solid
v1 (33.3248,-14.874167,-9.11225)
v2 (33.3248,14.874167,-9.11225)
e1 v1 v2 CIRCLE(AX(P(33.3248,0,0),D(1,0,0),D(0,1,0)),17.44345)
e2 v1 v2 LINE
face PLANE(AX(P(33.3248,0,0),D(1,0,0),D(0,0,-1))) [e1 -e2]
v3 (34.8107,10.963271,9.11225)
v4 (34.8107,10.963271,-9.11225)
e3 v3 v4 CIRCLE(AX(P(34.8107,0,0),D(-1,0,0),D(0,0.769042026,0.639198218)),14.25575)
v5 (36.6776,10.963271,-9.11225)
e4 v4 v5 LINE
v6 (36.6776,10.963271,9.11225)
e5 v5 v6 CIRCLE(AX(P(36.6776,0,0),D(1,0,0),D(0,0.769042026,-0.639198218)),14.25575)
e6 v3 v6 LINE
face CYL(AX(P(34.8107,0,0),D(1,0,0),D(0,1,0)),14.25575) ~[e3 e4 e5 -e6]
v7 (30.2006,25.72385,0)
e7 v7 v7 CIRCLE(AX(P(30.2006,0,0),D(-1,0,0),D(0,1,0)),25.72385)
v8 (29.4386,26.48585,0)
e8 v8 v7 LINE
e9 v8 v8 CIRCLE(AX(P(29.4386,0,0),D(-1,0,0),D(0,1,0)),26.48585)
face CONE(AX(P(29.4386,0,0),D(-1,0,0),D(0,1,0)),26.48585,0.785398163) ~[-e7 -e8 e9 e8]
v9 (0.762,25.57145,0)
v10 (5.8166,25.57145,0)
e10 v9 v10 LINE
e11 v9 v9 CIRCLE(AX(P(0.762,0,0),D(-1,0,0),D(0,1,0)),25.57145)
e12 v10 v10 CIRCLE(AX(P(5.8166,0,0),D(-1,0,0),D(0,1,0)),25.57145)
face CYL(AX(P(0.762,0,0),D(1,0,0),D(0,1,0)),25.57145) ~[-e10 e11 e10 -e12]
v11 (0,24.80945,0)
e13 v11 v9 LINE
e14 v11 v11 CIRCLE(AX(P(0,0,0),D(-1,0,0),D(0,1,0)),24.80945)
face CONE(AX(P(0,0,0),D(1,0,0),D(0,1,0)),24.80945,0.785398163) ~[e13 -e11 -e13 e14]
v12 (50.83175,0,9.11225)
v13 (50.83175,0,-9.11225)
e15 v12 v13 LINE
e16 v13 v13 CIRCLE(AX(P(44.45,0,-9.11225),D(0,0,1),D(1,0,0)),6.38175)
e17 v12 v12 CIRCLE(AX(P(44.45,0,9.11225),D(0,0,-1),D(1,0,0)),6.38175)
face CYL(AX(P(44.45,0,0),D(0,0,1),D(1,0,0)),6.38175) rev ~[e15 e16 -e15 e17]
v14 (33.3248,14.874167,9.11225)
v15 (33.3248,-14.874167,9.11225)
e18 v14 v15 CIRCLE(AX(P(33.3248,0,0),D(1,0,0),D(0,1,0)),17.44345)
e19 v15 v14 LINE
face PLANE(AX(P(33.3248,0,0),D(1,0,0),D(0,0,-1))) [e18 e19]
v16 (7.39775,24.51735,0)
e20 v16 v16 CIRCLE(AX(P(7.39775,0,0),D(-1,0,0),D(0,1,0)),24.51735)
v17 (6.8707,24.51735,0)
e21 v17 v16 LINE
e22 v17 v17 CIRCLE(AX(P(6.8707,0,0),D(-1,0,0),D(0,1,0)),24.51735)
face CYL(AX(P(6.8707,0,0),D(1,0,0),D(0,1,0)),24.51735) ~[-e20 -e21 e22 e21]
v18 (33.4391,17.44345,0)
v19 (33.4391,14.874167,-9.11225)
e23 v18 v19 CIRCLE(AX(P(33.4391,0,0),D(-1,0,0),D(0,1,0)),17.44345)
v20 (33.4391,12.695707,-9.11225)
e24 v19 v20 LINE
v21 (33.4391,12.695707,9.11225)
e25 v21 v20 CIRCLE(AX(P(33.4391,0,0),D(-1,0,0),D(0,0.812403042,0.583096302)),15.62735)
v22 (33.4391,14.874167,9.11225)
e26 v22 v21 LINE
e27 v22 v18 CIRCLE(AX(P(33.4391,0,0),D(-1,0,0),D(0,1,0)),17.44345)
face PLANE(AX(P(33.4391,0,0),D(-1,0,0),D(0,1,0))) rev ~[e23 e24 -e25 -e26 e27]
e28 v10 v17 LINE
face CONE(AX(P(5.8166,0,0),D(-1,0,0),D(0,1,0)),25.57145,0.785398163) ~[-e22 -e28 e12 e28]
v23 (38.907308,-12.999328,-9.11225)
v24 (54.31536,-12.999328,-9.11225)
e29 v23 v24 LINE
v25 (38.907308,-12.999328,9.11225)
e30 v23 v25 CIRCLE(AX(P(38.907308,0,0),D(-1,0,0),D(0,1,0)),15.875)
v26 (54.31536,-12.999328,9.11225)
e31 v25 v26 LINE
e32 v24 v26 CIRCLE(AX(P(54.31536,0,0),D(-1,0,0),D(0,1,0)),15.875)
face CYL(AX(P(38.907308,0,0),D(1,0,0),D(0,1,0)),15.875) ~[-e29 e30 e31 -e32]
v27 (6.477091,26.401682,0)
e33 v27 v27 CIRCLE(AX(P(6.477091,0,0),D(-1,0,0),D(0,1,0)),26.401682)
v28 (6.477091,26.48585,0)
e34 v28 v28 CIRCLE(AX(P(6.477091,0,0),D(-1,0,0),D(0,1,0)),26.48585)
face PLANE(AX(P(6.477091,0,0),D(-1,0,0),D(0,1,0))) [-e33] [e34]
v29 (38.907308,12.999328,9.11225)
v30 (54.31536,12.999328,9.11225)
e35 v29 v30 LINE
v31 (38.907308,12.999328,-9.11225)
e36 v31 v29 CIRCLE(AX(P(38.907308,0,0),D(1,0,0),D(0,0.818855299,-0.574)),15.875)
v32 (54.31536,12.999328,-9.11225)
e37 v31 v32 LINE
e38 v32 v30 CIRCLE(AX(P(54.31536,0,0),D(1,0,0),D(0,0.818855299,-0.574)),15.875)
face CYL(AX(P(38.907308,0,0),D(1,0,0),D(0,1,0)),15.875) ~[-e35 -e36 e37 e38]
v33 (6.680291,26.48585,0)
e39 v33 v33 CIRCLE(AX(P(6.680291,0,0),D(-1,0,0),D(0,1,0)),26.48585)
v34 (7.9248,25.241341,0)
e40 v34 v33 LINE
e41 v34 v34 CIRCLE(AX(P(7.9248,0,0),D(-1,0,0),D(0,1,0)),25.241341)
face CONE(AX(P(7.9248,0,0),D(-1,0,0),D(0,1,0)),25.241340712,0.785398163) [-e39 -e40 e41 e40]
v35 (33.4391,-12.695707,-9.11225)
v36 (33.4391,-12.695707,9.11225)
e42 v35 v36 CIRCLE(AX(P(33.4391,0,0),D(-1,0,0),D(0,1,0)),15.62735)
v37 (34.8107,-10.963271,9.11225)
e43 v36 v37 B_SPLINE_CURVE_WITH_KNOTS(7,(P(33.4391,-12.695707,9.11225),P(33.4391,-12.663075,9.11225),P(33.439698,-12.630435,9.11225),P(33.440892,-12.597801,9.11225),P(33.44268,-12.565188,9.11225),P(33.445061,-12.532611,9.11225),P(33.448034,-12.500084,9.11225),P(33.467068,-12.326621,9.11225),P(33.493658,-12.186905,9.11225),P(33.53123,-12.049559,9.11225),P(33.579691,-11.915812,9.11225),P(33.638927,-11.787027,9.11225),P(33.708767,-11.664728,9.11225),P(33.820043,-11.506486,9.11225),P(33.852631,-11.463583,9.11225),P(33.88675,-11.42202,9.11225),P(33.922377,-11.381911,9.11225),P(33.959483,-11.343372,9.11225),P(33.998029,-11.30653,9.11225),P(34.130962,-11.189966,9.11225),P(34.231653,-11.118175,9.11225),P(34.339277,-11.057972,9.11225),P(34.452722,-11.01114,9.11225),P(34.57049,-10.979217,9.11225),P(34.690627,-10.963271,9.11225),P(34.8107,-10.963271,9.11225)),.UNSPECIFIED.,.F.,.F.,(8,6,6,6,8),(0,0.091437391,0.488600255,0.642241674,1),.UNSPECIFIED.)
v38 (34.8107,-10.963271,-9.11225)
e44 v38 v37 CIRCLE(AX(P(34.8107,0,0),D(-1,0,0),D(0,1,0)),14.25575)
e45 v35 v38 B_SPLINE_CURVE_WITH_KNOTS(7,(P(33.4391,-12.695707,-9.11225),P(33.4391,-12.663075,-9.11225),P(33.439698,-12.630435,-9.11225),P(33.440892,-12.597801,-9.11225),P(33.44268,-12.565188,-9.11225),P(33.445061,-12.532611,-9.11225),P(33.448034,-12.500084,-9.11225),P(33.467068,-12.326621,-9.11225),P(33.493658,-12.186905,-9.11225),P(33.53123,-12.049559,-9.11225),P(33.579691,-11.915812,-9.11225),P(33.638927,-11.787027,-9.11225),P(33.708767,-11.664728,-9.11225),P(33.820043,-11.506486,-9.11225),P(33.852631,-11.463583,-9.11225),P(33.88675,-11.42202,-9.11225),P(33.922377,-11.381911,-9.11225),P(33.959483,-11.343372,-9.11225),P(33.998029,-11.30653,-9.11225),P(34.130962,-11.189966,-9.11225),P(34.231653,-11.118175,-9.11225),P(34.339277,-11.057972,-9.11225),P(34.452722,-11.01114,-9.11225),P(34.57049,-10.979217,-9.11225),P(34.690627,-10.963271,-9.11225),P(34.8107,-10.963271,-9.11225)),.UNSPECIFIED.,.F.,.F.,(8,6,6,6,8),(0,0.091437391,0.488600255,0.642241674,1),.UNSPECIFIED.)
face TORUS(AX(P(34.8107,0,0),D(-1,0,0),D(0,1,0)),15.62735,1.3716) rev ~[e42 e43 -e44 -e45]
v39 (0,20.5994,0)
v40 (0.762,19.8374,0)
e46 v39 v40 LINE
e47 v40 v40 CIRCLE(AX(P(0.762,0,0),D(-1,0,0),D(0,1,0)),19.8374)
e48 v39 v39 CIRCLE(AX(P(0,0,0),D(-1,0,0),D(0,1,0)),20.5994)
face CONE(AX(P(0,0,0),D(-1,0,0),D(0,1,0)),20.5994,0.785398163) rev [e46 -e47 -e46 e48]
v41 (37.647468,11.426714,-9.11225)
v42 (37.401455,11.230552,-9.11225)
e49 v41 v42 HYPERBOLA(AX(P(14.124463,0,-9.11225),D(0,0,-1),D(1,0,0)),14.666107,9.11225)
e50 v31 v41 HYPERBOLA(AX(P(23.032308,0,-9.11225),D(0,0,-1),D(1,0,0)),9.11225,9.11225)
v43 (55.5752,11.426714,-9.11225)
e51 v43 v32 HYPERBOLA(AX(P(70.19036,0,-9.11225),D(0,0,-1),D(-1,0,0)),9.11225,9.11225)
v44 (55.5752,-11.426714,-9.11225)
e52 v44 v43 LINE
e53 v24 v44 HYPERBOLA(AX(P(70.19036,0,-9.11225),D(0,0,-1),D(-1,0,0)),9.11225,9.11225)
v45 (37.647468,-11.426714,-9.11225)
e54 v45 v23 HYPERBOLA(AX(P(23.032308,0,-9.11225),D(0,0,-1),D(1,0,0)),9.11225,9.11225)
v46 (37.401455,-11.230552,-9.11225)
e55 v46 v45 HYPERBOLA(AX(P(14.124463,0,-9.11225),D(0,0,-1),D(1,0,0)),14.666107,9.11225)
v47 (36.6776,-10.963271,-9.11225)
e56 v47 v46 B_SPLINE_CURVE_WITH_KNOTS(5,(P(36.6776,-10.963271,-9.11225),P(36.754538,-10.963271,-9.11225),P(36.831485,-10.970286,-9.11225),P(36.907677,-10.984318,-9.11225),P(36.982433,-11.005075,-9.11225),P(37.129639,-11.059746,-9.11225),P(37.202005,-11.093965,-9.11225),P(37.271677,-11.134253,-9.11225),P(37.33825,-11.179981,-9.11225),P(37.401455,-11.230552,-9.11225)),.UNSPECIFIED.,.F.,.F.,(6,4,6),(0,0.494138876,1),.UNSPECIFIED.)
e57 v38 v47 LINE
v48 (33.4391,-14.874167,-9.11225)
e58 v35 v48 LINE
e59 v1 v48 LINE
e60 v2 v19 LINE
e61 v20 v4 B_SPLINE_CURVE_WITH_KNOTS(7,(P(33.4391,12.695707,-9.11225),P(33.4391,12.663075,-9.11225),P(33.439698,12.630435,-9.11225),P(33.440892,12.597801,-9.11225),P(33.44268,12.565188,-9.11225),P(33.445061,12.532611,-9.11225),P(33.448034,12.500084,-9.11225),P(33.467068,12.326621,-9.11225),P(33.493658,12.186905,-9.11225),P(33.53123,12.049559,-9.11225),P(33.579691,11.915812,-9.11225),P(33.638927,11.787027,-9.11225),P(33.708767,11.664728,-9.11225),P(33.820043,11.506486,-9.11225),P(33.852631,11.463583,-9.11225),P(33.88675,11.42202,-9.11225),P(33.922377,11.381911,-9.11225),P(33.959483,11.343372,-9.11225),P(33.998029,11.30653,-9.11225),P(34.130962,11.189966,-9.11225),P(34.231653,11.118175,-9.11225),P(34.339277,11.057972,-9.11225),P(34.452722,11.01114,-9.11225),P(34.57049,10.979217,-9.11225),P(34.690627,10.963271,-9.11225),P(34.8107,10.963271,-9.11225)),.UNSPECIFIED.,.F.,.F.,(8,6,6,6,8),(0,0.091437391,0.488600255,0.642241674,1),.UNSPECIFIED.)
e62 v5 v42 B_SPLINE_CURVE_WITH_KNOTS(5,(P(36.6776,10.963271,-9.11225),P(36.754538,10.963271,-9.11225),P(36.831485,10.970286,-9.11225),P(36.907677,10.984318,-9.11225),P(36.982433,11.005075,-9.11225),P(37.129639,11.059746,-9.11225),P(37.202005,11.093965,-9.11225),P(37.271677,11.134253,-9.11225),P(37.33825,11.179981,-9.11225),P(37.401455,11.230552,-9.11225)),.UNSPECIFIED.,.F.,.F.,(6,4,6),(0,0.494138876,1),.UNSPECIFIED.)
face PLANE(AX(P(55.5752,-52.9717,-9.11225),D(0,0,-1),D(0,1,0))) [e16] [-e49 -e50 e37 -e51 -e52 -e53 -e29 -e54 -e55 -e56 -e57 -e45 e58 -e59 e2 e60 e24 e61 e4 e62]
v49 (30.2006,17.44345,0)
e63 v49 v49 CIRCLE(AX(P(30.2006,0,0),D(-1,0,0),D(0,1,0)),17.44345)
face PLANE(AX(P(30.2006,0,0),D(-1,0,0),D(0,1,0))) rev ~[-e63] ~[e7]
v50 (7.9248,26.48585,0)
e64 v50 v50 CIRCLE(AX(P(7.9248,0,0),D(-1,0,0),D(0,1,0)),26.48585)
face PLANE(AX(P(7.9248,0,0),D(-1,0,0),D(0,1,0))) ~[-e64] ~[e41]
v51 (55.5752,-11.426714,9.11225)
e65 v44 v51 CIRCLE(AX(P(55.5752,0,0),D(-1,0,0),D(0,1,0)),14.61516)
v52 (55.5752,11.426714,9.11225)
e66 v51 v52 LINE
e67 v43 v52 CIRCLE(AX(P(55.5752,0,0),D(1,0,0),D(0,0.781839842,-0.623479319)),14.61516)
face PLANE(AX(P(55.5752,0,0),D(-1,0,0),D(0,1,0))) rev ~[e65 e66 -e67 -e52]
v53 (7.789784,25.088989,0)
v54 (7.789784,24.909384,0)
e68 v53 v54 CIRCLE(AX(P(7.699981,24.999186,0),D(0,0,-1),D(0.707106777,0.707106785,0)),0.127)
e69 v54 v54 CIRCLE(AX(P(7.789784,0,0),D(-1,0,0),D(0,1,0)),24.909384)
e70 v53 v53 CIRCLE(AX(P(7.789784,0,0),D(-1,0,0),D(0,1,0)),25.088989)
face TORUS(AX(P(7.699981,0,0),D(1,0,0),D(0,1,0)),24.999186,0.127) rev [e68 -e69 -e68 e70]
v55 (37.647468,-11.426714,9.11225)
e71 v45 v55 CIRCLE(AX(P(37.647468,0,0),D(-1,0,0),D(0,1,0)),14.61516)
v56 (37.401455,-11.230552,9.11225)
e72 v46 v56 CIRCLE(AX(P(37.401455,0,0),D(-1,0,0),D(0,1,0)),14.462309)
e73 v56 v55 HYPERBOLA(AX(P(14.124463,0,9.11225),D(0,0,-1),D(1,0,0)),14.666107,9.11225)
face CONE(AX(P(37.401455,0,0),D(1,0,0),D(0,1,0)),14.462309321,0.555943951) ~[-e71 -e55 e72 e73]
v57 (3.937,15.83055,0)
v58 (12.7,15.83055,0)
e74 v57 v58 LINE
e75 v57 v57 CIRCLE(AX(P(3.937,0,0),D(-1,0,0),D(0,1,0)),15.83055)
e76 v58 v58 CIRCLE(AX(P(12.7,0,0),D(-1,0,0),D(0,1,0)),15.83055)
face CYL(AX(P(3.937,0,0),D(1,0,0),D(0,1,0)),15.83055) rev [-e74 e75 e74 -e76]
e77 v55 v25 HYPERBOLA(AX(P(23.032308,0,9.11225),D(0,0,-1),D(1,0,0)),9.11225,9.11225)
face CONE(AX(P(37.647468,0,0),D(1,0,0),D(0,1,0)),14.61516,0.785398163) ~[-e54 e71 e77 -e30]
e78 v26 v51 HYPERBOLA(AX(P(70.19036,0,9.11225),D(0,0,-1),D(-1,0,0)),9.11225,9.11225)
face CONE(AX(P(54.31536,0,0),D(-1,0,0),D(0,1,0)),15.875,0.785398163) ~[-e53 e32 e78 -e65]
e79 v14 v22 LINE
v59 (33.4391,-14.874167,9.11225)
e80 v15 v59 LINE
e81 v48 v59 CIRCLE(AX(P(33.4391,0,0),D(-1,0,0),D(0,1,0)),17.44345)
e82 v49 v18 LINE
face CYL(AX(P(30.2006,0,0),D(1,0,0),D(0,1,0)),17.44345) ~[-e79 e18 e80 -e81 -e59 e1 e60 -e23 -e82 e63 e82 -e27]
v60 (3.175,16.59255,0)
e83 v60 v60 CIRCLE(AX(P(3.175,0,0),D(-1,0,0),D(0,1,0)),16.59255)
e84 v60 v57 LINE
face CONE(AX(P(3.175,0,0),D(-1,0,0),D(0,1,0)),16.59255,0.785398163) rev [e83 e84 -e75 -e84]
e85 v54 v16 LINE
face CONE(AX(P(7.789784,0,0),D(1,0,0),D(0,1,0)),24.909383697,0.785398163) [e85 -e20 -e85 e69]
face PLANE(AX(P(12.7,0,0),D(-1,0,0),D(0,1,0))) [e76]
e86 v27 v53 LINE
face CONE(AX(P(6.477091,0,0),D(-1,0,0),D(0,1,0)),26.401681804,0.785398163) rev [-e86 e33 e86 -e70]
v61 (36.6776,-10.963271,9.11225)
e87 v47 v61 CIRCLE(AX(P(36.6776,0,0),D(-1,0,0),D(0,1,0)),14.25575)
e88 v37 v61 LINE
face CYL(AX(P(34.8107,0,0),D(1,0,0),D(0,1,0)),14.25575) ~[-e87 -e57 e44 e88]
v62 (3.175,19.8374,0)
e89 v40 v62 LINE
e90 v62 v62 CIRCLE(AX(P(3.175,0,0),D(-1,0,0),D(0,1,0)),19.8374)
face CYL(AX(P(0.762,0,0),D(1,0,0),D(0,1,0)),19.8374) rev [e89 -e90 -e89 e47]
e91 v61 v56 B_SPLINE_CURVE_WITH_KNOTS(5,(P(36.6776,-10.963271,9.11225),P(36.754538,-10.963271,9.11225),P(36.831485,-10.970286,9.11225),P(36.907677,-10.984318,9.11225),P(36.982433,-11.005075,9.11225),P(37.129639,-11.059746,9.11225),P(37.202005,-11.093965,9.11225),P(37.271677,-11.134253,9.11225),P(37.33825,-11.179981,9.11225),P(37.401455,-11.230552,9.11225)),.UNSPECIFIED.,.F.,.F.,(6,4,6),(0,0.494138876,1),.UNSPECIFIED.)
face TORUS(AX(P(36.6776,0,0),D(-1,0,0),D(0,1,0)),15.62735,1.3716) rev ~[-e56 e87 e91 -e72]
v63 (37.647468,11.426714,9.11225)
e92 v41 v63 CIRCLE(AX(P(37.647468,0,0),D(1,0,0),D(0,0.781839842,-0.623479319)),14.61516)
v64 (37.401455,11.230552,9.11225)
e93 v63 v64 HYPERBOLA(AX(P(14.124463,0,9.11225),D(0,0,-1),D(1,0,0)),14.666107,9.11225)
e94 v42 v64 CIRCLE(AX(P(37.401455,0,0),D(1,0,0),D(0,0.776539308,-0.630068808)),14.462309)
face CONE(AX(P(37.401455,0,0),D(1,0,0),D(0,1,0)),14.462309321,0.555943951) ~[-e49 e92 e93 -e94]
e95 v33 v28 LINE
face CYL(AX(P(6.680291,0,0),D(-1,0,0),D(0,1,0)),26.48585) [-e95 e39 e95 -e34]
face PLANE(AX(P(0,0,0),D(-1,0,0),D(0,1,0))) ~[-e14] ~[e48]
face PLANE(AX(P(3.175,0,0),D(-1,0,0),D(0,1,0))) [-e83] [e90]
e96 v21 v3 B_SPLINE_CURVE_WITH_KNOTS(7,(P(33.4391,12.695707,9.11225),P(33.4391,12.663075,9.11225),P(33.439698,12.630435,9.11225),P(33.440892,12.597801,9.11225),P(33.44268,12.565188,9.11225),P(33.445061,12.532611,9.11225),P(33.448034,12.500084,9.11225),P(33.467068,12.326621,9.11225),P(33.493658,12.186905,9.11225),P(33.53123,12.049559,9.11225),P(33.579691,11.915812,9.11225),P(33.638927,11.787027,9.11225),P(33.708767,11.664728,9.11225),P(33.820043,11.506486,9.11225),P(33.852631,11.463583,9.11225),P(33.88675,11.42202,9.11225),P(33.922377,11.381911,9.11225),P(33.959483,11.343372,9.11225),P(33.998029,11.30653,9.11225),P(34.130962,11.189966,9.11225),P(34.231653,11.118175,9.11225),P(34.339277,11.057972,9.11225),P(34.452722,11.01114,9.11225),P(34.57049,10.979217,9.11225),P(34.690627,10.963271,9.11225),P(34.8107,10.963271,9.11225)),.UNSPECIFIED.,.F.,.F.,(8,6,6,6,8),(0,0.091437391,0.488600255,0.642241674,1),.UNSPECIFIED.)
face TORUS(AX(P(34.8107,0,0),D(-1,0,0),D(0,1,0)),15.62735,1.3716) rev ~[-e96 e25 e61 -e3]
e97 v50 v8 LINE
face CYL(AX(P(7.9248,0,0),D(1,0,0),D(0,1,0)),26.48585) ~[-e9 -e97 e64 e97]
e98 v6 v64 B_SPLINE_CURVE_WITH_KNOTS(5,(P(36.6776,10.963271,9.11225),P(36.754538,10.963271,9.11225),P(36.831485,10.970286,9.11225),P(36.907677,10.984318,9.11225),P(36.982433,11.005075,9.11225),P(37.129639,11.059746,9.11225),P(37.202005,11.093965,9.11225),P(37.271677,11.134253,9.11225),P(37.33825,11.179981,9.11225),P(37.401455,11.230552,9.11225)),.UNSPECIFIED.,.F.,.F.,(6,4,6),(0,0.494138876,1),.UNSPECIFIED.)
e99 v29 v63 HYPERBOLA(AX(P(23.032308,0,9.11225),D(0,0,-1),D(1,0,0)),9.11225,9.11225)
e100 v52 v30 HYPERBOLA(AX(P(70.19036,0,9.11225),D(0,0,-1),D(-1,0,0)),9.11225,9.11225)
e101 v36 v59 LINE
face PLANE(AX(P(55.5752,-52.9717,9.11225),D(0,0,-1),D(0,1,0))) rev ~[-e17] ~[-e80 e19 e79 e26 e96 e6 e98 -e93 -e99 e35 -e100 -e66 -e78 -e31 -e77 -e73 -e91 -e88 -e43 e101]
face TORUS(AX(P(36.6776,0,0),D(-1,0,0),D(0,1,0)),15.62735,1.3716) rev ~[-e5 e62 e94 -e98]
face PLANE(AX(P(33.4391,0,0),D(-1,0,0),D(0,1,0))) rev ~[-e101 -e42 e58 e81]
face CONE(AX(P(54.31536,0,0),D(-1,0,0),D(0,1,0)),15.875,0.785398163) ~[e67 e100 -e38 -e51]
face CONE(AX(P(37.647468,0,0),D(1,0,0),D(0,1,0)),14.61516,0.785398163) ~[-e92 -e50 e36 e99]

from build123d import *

# Parameters (mm, degrees)
SKETCH3_W               = 105.9434
SKETCH3_H               = 211.8868
SKETCH3_W_2             = 18.2245
SKETCH3_H_2             = 105.9434
CUT_EXTRUDE1_DEPTH      = 22.2504
CUT_EXTRUDE2_DEPTH      = 13.668375
CUT_EXTRUDE2_DEPTH_BACK = 13.668375
SKETCH5_R               = 6.38175


with BuildPart() as part:
    # Sketch1 → Revolve1 (revolve)
    with BuildSketch(Plane.XY):
        Polygon((0, 0), (0, 24.80945), (0.762, 25.57145), (5.8166, 25.57145), (6.8707, 24.51735), (7.9248, 24.51735), (7.9248, 26.48585), (29.4386, 26.48585), (30.2006, 25.72385), (30.2006, 0), align=None)
    revolve(axis=Axis((30.2006, 0, 0), (-1, 0, 0)))

    # Sketch2 → Revolve2 (revolve)
    with BuildSketch(Plane.XY):
        with BuildLine():
            Line((30.2006, 0), (30.2006, 17.44345))
            Line((30.2006, 17.44345), (33.4391, 17.44345))
            Line((33.4391, 17.44345), (33.4391, 15.62735))
            ThreePointArc((33.4391, 15.62735), (33.840832339, 14.657482339), (34.8107, 14.25575))
            Line((34.8107, 14.25575), (36.6776, 14.25575))
            ThreePointArc((36.6776, 14.25575), (37.053975321, 14.308400351), (37.401455494, 14.462309321))
            Line((37.401455494, 14.462309321), (37.647467661, 14.61516))
            Line((37.647467661, 14.61516), (38.907307661, 15.875))
            Line((38.907307661, 15.875), (54.31536, 15.875))
            Line((54.31536, 15.875), (55.5752, 14.61516))
            Line((55.5752, 14.61516), (55.5752, 0))
            Line((55.5752, 0), (30.2006, 0))
        make_face()
    revolve(axis=Axis((55.5752, 0, 0), (-1, 0, 0)))

    # Sketch3 → Cut-Extrude1 (cut)
    with BuildSketch(Plane(origin=(55.5752, 0, 0), x_dir=(0, 0, -1), z_dir=(1, 0, 0))):
        Rectangle(SKETCH3_W, SKETCH3_H)
        Rectangle(SKETCH3_W_2, SKETCH3_H_2, mode=Mode.SUBTRACT)
    extrude(amount=-CUT_EXTRUDE1_DEPTH, mode=Mode.SUBTRACT)

    # Sketch4 → Revolve3 (revolve)
    with BuildSketch(Plane.XY):
        with BuildLine():
            Line((6.477090712, 26.401681804), (7.789783697, 25.088988819))
            ThreePointArc((7.789783697, 25.088988819), (7.826981136, 24.999186258), (7.789783697, 24.909383697))
            Line((7.789783697, 24.909383697), (7.39775, 24.51735))
            Line((7.39775, 24.51735), (6.8707, 24.51735))
            Line((6.8707, 24.51735), (6.8707, 24.26335))
            Line((6.8707, 24.26335), (7.9248, 24.26335))
            Line((7.9248, 24.26335), (7.9248, 25.241340712))
            Line((7.9248, 25.241340712), (6.680290712, 26.48585))
            Line((6.680290712, 26.48585), (6.477090712, 26.48585))
            Line((6.477090712, 26.48585), (6.477090712, 26.401681804))
        make_face()
    revolve(axis=Axis((7.9248, 0, 0), (-1, 0, 0)))

    # Sketch5 → Cut-Extrude2 (cut, two sides: drawn at the far end of the back side and taken through both)
    with BuildSketch(Plane.XY.offset(-CUT_EXTRUDE2_DEPTH_BACK)):
        with Locations((44.45, 0)):
            Circle(SKETCH5_R)
    extrude(amount=CUT_EXTRUDE2_DEPTH + CUT_EXTRUDE2_DEPTH_BACK, mode=Mode.SUBTRACT)

    # Sketch6 → Cut-Revolve1 (revolve, cut)
    with BuildSketch(Plane.XY):
        Polygon((0, 0), (0, 20.5994), (0.762, 19.8374), (3.175, 19.8374), (3.175, 16.59255), (3.937, 15.83055), (12.7, 15.83055), (12.7, 0), align=None)
    revolve(axis=Axis((12.7, 0, 0), (-1, 0, 0)), mode=Mode.SUBTRACT)


solid = part.part
